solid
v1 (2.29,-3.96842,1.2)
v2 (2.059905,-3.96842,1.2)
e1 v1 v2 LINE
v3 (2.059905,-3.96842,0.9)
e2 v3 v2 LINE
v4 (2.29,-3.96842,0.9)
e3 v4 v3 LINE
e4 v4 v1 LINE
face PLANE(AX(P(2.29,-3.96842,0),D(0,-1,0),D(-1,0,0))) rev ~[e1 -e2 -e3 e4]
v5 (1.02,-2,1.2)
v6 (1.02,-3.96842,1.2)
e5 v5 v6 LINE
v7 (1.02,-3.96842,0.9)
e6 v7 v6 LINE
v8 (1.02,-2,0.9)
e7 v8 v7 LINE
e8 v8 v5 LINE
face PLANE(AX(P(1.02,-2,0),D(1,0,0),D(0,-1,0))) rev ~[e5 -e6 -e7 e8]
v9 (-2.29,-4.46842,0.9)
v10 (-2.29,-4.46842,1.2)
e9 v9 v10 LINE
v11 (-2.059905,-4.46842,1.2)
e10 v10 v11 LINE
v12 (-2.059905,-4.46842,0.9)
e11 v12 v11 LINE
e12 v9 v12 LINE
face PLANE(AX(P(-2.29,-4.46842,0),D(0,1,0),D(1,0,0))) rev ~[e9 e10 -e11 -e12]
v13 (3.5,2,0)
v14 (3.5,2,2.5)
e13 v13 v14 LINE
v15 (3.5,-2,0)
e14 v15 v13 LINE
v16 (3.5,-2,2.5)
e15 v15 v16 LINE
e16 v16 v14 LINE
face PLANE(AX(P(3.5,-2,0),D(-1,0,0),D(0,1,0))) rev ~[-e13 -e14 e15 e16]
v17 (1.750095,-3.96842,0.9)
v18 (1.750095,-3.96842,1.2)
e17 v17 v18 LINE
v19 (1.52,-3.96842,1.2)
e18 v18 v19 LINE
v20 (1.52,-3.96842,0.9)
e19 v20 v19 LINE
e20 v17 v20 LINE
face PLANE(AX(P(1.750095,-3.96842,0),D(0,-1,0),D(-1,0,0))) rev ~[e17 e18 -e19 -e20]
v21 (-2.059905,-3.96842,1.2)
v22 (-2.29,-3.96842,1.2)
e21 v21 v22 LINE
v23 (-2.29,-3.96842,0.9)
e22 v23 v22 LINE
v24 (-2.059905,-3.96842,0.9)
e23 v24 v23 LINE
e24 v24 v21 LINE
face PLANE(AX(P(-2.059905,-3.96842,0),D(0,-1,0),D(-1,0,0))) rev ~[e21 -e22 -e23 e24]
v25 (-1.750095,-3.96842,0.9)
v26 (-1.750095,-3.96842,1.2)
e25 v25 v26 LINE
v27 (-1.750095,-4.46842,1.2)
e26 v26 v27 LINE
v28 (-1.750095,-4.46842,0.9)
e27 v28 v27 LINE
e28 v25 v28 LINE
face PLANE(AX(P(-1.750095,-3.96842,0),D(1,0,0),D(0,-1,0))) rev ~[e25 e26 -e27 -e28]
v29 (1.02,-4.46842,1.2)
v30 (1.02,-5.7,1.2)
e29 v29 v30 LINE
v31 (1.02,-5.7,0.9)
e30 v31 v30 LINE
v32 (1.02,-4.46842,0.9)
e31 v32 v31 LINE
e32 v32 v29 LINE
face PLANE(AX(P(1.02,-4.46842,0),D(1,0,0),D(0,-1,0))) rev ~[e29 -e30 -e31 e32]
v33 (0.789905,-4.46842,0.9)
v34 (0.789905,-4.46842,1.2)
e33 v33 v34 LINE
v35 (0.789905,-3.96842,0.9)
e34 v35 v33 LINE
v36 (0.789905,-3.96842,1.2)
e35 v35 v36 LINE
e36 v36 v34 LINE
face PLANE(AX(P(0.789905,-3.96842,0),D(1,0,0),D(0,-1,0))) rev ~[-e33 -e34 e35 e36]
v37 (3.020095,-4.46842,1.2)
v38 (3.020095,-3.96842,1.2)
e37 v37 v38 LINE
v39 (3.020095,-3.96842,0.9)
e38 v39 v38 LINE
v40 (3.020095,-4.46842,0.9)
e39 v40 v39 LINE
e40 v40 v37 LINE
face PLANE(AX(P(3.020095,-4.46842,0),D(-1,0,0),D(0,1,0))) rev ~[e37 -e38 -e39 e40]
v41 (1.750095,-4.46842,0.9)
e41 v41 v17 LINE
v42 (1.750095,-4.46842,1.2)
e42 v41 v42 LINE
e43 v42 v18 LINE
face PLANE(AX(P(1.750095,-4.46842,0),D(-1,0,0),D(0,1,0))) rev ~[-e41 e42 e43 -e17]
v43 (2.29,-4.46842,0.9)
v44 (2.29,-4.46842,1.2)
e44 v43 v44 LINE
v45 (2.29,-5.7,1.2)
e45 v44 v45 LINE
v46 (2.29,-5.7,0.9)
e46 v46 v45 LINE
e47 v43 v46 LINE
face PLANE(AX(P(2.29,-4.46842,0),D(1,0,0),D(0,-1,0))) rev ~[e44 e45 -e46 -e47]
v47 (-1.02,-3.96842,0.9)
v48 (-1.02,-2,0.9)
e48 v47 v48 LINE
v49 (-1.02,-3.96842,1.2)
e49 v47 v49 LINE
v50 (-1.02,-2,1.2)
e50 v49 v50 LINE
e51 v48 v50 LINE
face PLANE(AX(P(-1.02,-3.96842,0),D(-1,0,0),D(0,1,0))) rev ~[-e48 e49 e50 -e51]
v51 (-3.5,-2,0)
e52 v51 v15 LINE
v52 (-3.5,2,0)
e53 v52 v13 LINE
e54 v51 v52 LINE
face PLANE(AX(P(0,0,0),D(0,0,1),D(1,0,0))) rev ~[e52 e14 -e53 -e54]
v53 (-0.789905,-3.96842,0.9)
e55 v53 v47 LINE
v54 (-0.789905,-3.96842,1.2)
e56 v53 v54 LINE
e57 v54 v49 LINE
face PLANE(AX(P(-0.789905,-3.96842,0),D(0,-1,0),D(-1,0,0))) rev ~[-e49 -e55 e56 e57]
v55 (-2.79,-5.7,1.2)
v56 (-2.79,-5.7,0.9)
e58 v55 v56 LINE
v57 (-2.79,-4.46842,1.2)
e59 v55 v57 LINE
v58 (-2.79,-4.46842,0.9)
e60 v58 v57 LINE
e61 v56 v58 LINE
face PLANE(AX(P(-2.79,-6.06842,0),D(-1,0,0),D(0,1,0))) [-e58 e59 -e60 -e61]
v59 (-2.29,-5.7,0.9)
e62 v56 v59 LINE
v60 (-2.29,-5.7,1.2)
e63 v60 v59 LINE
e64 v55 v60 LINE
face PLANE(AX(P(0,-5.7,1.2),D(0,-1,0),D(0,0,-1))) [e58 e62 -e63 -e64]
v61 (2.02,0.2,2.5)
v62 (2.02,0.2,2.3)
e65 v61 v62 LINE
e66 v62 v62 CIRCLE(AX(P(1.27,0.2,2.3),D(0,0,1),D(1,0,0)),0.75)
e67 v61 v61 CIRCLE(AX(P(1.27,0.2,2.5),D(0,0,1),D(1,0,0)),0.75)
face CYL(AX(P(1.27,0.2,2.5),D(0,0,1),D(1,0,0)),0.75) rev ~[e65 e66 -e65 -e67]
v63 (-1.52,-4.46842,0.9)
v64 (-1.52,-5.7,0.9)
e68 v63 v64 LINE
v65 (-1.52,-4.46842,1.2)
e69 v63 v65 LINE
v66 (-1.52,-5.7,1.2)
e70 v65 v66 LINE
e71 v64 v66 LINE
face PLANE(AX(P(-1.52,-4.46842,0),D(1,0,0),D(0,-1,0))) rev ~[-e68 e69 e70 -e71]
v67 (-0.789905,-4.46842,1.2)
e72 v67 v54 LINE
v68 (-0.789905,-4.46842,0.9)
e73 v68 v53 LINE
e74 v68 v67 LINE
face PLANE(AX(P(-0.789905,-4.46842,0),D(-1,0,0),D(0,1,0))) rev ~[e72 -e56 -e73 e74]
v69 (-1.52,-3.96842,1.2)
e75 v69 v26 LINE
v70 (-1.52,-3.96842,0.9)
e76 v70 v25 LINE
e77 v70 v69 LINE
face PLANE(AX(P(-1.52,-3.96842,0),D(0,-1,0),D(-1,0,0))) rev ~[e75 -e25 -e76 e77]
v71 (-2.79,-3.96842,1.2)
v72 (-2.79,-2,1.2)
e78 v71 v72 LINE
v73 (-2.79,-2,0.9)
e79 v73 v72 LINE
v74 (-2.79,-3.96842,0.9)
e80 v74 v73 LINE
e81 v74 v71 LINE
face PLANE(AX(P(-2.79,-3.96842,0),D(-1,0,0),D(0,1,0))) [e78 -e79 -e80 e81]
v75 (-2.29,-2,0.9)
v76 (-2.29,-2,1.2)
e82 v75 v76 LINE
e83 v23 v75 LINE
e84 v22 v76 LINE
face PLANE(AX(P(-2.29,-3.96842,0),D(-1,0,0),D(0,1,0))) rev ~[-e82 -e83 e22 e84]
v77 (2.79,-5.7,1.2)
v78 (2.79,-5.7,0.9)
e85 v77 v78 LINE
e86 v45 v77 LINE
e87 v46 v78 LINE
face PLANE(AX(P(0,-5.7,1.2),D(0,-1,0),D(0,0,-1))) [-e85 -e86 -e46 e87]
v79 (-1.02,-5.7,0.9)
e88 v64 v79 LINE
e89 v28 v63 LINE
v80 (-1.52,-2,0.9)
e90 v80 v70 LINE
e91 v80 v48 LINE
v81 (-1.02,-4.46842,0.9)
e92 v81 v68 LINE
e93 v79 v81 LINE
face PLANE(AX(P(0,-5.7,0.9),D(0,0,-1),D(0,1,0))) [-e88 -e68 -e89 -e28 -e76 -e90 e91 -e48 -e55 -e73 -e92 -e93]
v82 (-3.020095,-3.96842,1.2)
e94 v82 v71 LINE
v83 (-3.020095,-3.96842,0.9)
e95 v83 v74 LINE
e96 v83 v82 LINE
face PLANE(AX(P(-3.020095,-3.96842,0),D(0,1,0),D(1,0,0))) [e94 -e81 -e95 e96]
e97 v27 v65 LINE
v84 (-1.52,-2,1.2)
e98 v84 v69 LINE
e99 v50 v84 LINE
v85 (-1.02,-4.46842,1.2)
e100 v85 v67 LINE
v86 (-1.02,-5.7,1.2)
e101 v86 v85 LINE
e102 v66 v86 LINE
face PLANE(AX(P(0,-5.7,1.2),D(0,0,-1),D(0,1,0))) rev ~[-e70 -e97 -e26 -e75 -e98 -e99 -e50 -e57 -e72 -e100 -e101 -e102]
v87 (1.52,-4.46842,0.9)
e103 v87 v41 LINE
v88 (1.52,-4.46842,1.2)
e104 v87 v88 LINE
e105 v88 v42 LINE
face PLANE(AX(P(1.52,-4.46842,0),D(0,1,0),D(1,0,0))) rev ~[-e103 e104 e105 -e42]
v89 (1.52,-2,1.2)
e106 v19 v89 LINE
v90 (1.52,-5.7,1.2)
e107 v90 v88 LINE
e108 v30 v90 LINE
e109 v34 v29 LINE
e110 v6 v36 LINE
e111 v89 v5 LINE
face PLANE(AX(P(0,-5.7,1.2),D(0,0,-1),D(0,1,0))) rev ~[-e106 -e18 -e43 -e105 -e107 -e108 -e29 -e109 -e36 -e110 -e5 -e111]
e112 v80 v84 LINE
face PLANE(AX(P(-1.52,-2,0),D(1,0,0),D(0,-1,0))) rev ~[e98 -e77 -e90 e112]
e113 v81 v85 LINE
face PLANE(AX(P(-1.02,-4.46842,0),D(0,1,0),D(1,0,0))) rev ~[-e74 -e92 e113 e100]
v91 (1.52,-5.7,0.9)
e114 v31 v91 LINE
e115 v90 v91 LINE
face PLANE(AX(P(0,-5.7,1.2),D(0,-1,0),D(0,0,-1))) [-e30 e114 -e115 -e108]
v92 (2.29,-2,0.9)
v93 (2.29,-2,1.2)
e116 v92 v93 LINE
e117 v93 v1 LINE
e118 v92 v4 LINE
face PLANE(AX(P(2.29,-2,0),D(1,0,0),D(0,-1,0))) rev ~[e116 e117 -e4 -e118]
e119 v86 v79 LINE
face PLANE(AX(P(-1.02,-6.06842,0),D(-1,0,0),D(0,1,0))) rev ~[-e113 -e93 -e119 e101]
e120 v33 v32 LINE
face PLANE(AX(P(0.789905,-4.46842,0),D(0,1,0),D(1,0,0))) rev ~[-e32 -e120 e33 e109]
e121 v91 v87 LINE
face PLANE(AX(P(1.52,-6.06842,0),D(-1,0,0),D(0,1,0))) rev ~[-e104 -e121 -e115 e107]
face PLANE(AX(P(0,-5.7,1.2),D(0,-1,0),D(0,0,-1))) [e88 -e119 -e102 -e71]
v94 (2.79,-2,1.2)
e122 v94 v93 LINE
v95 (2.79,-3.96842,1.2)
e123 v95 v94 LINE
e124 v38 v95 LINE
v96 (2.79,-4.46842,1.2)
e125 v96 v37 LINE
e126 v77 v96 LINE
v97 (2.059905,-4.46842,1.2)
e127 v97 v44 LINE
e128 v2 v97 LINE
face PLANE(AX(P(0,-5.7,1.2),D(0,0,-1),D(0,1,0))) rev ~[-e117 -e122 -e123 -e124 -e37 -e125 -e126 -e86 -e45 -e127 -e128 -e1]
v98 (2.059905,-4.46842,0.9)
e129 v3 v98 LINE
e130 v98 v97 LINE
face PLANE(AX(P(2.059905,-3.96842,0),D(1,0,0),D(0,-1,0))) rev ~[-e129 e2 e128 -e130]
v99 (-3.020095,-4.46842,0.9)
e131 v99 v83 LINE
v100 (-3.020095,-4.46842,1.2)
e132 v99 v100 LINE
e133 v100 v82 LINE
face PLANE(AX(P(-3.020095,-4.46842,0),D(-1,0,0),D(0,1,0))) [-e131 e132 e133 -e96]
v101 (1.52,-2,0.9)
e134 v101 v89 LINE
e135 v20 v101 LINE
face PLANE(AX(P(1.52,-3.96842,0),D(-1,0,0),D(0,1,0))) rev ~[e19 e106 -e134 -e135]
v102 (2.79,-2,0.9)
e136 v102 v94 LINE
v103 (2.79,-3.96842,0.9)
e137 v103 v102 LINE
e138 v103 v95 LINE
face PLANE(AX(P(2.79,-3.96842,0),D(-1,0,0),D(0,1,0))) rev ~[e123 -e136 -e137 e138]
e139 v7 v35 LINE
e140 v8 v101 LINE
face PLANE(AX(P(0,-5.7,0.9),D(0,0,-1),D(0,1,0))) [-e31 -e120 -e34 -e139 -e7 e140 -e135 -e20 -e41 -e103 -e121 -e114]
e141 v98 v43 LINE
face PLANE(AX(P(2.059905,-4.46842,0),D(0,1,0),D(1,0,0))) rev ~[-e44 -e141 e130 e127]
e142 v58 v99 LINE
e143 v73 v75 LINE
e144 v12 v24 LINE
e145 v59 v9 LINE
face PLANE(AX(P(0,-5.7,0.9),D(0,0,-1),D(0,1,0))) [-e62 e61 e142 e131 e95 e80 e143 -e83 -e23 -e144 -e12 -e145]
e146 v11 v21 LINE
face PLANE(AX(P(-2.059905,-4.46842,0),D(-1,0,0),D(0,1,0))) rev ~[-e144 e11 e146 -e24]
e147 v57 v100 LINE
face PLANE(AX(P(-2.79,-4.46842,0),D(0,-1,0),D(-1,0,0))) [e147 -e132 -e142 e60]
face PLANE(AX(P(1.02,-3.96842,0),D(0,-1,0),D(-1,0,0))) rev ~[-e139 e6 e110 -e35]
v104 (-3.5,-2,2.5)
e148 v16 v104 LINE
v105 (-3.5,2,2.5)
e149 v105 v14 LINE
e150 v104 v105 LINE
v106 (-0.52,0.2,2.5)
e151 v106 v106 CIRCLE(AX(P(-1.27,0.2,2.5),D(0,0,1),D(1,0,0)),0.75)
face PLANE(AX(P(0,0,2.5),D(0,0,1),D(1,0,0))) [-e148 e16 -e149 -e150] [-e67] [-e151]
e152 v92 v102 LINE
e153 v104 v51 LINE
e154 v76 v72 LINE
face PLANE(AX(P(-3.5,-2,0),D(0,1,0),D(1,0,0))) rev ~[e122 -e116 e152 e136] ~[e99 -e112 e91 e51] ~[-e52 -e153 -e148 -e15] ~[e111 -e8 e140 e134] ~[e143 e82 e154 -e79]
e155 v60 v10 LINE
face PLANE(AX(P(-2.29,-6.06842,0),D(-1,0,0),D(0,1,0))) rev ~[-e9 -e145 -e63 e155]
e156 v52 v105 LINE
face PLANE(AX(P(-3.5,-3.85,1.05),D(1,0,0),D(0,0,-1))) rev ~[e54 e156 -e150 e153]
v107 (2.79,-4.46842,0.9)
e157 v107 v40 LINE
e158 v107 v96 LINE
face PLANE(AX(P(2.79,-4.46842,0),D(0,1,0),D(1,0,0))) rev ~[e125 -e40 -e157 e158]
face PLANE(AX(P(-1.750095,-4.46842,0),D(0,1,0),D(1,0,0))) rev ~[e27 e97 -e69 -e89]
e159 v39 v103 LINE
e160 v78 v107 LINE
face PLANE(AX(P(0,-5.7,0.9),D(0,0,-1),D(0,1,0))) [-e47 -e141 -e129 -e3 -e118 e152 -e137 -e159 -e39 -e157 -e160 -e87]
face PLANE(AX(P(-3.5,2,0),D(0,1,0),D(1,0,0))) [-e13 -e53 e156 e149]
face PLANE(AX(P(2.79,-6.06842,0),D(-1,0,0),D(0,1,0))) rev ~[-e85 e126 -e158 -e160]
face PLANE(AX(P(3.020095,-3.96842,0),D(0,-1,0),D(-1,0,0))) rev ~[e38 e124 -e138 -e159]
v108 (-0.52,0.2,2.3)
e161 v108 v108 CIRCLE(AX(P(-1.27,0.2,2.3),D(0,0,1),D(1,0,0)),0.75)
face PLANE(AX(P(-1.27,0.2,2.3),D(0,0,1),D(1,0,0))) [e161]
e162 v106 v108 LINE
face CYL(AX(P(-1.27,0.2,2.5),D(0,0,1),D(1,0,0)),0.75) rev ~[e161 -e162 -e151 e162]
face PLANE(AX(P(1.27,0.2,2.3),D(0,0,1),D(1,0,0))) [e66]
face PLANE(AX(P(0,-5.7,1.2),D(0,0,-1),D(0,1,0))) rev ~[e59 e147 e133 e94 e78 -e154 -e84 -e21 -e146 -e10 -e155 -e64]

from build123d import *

# Parameters (mm, degrees)
SKETCH1_W                = 7
SKETCH1_H                = 4
BOSS_EXTRUDE1_DEPTH      = 2.5
SKETCH2_R                = 0.75
CUT_EXTRUDE1_DEPTH       = 0.2
SKETCH3_W                = 0.3
SKETCH3_H                = 3.7
BOSS_EXTRUDE2_DEPTH      = 3.5
BOSS_EXTRUDE2_DEPTH_BACK = 3.5
CUT_EXTRUDE2_DEPTH       = 3.5
CUT_EXTRUDE2_DEPTH_BACK  = 1


with BuildPart() as part:
    # Sketch1 → Boss-Extrude1 (new body)
    with BuildSketch(Plane.XY):
        Rectangle(SKETCH1_W, SKETCH1_H)
    extrude(amount=BOSS_EXTRUDE1_DEPTH)

    # Sketch2 → Cut-Extrude1 (cut)
    with BuildSketch(Plane.XY.offset(2.5)):
        with Locations((-1.27, 0.2)):
            Circle(SKETCH2_R)
        with Locations((1.27, 0.2)):
            Circle(SKETCH2_R)
    extrude(amount=-CUT_EXTRUDE1_DEPTH, mode=Mode.SUBTRACT)

    # Sketch3 → Boss-Extrude2 (add, two sides)
    with BuildSketch(Plane(origin=(0, 0, 0), x_dir=(0, 0, -1), z_dir=(1, 0, 0))) as boss_extrude2_sk:
        with Locations((-1.05, -3.85)):
            Rectangle(SKETCH3_W, SKETCH3_H)
    extrude(amount=BOSS_EXTRUDE2_DEPTH)
    extrude(boss_extrude2_sk.sketch, amount=-BOSS_EXTRUDE2_DEPTH_BACK)

    # Sketch4 → Cut-Extrude2 (cut, two sides)
    with BuildSketch(Plane.XY) as cut_extrude2_sk:
        Polygon((-2.79, -6.068420348), (-2.79, -4.468420348), (-3.020094846, -4.468420348), (-3.020094846, -3.968420348), (-2.79, -3.968420348), (-2.79, -2), (-4.136093054, -2), (-4.136093054, -6.068420348), align=None)
        Polygon((-2.29, -6.068420348), (-2.29, -4.468420348), (-2.059905154, -4.468420348), (-2.059905154, -3.968420348), (-2.29, -3.968420348), (-2.29, -2), (-1.52, -2), (-1.52, -3.968420348), (-1.750094846, -3.968420348), (-1.750094846, -4.468420348), (-1.52, -4.468420348), (-1.52, -6.068420348), align=None)
        Polygon((-1.02, -2), (1.02, -2), (1.02, -3.968420348), (0.789905154, -3.968420348), (0.789905154, -4.468420348), (1.02, -4.468420348), (1.02, -6.068420348), (-1.02, -6.068420348), (-1.02, -4.468420348), (-0.789905154, -4.468420348), (-0.789905154, -3.968420348), (-1.02, -3.968420348), align=None)
        Polygon((4.136093054, -6.068420348), (2.79, -6.068420348), (2.79, -4.468420348), (3.020094846, -4.468420348), (3.020094846, -3.968420348), (2.79, -3.968420348), (2.79, -2), (4.136093054, -2), align=None)
        Polygon((1.52, -6.068420348), (1.52, -4.468420348), (1.750094846, -4.468420348), (1.750094846, -3.968420348), (1.52, -3.968420348), (1.52, -2), (2.29, -2), (2.29, -3.968420348), (2.059905154, -3.968420348), (2.059905154, -4.468420348), (2.29, -4.468420348), (2.29, -6.068420348), align=None)
    extrude(amount=CUT_EXTRUDE2_DEPTH, mode=Mode.SUBTRACT)
    extrude(cut_extrude2_sk.sketch, amount=-CUT_EXTRUDE2_DEPTH_BACK, mode=Mode.SUBTRACT)


solid = part.part
